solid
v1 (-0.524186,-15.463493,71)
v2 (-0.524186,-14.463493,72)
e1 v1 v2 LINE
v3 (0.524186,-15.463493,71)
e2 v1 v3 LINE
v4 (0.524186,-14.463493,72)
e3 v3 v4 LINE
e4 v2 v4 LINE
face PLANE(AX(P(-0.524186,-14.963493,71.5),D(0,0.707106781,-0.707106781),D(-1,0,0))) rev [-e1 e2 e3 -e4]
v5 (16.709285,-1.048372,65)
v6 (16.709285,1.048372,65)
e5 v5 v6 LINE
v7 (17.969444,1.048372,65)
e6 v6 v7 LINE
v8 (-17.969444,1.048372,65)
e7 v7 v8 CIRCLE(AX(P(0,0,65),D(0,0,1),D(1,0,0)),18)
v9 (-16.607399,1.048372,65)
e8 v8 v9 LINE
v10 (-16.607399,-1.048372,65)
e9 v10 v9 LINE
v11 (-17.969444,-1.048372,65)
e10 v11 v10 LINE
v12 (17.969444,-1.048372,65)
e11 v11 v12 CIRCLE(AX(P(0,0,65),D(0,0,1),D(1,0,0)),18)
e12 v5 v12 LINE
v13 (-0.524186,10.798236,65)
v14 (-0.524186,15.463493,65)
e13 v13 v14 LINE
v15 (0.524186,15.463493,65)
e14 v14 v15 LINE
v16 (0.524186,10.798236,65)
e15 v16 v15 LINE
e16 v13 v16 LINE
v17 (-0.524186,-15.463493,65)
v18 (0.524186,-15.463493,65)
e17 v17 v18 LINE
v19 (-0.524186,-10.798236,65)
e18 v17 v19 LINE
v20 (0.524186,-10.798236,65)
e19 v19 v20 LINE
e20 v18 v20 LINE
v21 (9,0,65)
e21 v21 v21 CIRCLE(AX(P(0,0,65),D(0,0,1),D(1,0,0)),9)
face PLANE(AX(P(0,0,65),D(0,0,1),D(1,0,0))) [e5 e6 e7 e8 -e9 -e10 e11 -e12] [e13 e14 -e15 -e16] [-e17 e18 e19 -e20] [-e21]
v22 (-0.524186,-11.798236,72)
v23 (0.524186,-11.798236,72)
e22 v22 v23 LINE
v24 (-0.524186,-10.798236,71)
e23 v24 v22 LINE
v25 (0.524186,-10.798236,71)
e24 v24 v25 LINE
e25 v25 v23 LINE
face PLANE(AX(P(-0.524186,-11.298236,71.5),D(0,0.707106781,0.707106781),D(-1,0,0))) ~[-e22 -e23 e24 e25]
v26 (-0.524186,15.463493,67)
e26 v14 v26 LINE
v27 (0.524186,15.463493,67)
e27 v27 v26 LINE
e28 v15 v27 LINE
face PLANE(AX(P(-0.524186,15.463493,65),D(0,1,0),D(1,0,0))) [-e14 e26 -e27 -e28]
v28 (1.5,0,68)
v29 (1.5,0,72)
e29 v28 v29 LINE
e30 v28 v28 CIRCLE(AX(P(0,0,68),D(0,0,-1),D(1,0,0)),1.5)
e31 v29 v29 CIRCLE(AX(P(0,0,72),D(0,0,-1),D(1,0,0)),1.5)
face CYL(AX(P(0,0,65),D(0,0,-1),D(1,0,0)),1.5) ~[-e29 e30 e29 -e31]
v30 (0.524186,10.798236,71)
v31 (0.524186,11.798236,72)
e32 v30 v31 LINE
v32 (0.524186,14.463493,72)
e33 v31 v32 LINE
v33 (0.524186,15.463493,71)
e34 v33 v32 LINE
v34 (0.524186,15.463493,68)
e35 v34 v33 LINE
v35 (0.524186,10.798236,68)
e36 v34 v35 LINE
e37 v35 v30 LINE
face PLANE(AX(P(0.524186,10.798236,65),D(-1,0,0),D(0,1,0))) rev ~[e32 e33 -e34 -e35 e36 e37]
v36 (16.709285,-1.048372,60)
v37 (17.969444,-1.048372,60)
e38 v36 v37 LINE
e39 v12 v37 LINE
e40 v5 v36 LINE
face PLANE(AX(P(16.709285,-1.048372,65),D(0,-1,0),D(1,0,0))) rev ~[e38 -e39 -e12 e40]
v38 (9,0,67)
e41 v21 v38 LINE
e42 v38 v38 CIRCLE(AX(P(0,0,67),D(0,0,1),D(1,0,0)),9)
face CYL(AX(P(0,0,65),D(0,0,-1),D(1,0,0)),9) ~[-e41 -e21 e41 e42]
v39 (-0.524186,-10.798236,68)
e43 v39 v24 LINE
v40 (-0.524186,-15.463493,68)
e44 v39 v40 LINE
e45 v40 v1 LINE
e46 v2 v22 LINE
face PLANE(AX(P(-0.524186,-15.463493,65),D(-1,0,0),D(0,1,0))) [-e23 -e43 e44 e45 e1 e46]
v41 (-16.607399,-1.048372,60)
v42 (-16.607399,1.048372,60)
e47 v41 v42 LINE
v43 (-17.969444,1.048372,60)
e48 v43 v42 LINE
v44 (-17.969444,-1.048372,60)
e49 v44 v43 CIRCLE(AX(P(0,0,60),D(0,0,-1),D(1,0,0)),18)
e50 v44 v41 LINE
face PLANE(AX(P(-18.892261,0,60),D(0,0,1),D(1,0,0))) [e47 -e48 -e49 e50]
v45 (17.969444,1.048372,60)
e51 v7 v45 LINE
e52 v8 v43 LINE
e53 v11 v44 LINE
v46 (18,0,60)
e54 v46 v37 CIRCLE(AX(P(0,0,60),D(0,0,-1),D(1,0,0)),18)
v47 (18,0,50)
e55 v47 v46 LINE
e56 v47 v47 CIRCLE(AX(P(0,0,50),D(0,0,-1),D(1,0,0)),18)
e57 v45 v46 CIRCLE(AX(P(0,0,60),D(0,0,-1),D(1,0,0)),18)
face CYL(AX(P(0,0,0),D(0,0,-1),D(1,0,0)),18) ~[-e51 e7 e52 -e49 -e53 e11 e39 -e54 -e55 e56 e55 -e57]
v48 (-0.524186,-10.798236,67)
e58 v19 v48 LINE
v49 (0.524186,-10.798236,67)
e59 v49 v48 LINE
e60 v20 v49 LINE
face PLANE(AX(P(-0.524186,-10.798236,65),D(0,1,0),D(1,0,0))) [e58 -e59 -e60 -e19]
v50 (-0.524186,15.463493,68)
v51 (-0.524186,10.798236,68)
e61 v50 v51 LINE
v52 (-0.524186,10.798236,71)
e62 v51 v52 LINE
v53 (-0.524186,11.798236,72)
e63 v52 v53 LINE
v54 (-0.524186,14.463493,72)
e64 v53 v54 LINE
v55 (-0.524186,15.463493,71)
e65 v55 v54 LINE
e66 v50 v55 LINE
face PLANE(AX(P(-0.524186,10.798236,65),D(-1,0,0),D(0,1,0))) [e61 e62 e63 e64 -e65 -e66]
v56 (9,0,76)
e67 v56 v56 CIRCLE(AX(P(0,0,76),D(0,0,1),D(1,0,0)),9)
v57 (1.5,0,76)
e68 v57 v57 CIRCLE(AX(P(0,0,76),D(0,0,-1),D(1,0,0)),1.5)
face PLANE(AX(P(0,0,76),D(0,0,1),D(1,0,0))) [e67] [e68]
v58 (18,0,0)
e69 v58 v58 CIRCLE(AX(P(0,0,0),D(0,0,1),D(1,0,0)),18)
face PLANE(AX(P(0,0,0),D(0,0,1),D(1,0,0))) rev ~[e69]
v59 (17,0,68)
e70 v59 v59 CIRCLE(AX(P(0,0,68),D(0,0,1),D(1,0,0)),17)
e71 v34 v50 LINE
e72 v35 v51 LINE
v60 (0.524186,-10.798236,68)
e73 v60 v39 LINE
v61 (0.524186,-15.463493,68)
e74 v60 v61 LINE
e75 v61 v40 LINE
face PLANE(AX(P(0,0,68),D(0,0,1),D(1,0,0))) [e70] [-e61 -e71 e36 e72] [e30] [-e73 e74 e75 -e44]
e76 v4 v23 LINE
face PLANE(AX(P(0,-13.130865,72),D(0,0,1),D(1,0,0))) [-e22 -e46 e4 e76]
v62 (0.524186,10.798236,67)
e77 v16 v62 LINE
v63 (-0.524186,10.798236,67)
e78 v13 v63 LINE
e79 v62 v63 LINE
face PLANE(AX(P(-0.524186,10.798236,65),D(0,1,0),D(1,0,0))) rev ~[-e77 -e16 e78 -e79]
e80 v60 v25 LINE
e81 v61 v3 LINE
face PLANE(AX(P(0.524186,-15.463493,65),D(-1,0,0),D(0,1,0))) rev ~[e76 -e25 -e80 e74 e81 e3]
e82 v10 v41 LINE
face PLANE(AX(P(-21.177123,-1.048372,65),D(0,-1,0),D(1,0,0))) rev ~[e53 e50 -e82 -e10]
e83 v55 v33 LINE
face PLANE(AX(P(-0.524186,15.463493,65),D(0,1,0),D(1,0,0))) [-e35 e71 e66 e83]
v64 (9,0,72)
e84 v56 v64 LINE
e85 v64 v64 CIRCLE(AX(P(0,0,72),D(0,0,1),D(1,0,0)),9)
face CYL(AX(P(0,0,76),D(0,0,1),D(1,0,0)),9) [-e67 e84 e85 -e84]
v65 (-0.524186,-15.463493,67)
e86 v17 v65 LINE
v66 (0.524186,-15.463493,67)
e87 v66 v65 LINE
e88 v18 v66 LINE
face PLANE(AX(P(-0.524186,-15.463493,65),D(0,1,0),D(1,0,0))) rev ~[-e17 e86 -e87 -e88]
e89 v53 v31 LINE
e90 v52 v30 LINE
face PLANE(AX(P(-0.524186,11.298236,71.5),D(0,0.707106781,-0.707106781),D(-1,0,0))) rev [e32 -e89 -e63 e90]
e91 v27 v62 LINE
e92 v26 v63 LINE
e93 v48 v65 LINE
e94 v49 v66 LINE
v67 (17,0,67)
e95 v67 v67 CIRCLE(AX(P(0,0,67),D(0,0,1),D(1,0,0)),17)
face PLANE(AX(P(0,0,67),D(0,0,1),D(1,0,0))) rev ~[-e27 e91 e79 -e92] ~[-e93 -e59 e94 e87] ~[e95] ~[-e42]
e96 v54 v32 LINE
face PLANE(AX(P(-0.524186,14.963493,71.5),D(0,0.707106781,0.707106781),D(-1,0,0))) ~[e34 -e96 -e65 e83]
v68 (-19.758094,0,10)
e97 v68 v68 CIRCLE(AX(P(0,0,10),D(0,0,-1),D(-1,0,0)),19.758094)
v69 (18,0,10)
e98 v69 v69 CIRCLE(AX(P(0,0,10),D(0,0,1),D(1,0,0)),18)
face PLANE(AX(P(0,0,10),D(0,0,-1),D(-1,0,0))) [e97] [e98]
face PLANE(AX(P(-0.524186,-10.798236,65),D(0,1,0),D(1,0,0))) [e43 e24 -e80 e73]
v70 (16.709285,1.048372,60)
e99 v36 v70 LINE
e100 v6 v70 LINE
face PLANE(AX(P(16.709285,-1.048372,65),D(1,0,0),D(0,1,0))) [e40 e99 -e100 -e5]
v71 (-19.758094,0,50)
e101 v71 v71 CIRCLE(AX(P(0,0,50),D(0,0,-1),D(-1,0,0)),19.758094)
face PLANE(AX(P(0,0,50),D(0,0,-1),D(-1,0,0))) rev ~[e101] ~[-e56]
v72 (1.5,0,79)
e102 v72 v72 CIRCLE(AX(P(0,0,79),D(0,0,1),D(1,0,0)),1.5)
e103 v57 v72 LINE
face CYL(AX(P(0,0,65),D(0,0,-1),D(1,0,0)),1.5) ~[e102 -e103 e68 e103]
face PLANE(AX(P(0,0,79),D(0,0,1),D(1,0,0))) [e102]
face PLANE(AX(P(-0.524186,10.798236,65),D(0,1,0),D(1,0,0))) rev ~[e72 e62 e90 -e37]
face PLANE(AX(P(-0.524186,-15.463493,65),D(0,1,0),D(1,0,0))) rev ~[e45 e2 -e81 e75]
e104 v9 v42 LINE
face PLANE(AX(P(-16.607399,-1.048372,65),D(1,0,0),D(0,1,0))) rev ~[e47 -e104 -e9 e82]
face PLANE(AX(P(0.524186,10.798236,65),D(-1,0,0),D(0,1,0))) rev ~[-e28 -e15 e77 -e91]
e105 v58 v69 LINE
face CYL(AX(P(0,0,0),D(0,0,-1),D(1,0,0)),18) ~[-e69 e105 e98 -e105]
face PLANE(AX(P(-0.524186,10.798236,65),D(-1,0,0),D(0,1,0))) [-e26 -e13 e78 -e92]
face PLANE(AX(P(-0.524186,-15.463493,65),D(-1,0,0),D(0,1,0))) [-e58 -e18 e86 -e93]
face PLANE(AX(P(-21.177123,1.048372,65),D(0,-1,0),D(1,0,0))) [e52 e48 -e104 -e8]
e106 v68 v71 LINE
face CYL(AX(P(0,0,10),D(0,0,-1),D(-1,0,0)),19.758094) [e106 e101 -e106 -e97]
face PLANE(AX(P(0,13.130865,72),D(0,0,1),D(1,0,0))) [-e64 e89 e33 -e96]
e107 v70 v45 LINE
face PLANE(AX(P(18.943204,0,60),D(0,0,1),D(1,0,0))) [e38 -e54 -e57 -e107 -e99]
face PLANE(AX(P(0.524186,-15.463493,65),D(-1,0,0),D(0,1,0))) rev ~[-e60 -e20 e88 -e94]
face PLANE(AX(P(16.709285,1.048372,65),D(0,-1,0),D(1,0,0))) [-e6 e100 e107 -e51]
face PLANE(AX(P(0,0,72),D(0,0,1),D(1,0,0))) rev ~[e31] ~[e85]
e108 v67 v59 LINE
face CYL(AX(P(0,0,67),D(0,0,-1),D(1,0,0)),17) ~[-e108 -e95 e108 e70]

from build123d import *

# Parameters (mm, degrees)
SKETCH1_R           = 18
BOSS_EXTRUDE1_DEPTH = 65
BOSS_EXTRUDE2_START = -10
SKETCH2_R           = 19.758093793
SKETCH2_R_2         = 18
BOSS_EXTRUDE2_DEPTH = 40
SKETCH3_R           = 1.5
BOSS_EXTRUDE3_DEPTH = 14
SKETCH4_R           = 9
BOSS_EXTRUDE4_DEPTH = 2
SKETCH5_R           = 17
BOSS_EXTRUDE5_DEPTH = 1
BOSS_EXTRUDE6_START = -3
SKETCH6_R           = 9
BOSS_EXTRUDE6_DEPTH = 4
SKETCH7_W           = 4.467838664
SKETCH7_H           = 2.096744874
SKETCH7_W_2         = 4.5697238
CUT_EXTRUDE1_DEPTH  = 5
SKETCH8_W           = 1.048372436
SKETCH8_H           = 4.665257343
BOSS_EXTRUDE7_DEPTH = 7
CHAMFER1_SIZE       = 1


with BuildPart() as part:
    # Sketch1 → Boss-Extrude1 (new body)
    with BuildSketch(Plane.XY):
        Circle(SKETCH1_R)
    extrude(amount=BOSS_EXTRUDE1_DEPTH)

    # Sketch2 → Boss-Extrude2 (add)
    with BuildSketch(Plane(origin=(0, 0, 0), x_dir=(-1, 0, 0), z_dir=(0, 0, -1)).offset(BOSS_EXTRUDE2_START)):
        Circle(SKETCH2_R)
        Circle(SKETCH2_R_2, mode=Mode.SUBTRACT)
    extrude(amount=-BOSS_EXTRUDE2_DEPTH)

    # Sketch3 → Boss-Extrude3 (add)
    with BuildSketch(Plane.XY.offset(65)):
        Circle(SKETCH3_R)
    extrude(amount=BOSS_EXTRUDE3_DEPTH)

    # Sketch4 → Boss-Extrude4 (add)
    with BuildSketch(Plane.XY.offset(65)):
        Circle(SKETCH4_R)
    extrude(amount=BOSS_EXTRUDE4_DEPTH)

    # Sketch5 → Boss-Extrude5 (add)
    with BuildSketch(Plane.XY.offset(67)):
        Circle(SKETCH5_R)
    extrude(amount=BOSS_EXTRUDE5_DEPTH)

    # Sketch6 → Boss-Extrude6 (add)
    with BuildSketch(Plane.XY.offset(79).offset(BOSS_EXTRUDE6_START)):
        Circle(SKETCH6_R)
    extrude(amount=-BOSS_EXTRUDE6_DEPTH)

    # Sketch7 → Cut-Extrude1 (cut)
    with BuildSketch(Plane.XY.offset(65)):
        with Locations((18.943203886, 0)):
            Rectangle(SKETCH7_W, SKETCH7_H)
        with Locations((-18.892261318, 0)):
            Rectangle(SKETCH7_W_2, SKETCH7_H)
    extrude(amount=-CUT_EXTRUDE1_DEPTH, mode=Mode.SUBTRACT)

    # Sketch8 → Boss-Extrude7 (add)
    with BuildSketch(Plane.XY.offset(65)):
        with Locations((0, 13.130864768)):
            Rectangle(SKETCH8_W, SKETCH8_H)
        with Locations((0, -13.130864768)):
            Rectangle(SKETCH8_W, SKETCH8_H)
    extrude(amount=BOSS_EXTRUDE7_DEPTH)

    # Chamfer1
    chamfer1_edges = [part.edges().sort_by_distance(p)[0] for p in [
        (0, -15.463493439, 72),
        (0, -10.798236096, 72),
        (0, 15.463493439, 72),
        (0, 10.798236096, 72),
    ]]
    chamfer(chamfer1_edges, length=CHAMFER1_SIZE)


solid = part.part
